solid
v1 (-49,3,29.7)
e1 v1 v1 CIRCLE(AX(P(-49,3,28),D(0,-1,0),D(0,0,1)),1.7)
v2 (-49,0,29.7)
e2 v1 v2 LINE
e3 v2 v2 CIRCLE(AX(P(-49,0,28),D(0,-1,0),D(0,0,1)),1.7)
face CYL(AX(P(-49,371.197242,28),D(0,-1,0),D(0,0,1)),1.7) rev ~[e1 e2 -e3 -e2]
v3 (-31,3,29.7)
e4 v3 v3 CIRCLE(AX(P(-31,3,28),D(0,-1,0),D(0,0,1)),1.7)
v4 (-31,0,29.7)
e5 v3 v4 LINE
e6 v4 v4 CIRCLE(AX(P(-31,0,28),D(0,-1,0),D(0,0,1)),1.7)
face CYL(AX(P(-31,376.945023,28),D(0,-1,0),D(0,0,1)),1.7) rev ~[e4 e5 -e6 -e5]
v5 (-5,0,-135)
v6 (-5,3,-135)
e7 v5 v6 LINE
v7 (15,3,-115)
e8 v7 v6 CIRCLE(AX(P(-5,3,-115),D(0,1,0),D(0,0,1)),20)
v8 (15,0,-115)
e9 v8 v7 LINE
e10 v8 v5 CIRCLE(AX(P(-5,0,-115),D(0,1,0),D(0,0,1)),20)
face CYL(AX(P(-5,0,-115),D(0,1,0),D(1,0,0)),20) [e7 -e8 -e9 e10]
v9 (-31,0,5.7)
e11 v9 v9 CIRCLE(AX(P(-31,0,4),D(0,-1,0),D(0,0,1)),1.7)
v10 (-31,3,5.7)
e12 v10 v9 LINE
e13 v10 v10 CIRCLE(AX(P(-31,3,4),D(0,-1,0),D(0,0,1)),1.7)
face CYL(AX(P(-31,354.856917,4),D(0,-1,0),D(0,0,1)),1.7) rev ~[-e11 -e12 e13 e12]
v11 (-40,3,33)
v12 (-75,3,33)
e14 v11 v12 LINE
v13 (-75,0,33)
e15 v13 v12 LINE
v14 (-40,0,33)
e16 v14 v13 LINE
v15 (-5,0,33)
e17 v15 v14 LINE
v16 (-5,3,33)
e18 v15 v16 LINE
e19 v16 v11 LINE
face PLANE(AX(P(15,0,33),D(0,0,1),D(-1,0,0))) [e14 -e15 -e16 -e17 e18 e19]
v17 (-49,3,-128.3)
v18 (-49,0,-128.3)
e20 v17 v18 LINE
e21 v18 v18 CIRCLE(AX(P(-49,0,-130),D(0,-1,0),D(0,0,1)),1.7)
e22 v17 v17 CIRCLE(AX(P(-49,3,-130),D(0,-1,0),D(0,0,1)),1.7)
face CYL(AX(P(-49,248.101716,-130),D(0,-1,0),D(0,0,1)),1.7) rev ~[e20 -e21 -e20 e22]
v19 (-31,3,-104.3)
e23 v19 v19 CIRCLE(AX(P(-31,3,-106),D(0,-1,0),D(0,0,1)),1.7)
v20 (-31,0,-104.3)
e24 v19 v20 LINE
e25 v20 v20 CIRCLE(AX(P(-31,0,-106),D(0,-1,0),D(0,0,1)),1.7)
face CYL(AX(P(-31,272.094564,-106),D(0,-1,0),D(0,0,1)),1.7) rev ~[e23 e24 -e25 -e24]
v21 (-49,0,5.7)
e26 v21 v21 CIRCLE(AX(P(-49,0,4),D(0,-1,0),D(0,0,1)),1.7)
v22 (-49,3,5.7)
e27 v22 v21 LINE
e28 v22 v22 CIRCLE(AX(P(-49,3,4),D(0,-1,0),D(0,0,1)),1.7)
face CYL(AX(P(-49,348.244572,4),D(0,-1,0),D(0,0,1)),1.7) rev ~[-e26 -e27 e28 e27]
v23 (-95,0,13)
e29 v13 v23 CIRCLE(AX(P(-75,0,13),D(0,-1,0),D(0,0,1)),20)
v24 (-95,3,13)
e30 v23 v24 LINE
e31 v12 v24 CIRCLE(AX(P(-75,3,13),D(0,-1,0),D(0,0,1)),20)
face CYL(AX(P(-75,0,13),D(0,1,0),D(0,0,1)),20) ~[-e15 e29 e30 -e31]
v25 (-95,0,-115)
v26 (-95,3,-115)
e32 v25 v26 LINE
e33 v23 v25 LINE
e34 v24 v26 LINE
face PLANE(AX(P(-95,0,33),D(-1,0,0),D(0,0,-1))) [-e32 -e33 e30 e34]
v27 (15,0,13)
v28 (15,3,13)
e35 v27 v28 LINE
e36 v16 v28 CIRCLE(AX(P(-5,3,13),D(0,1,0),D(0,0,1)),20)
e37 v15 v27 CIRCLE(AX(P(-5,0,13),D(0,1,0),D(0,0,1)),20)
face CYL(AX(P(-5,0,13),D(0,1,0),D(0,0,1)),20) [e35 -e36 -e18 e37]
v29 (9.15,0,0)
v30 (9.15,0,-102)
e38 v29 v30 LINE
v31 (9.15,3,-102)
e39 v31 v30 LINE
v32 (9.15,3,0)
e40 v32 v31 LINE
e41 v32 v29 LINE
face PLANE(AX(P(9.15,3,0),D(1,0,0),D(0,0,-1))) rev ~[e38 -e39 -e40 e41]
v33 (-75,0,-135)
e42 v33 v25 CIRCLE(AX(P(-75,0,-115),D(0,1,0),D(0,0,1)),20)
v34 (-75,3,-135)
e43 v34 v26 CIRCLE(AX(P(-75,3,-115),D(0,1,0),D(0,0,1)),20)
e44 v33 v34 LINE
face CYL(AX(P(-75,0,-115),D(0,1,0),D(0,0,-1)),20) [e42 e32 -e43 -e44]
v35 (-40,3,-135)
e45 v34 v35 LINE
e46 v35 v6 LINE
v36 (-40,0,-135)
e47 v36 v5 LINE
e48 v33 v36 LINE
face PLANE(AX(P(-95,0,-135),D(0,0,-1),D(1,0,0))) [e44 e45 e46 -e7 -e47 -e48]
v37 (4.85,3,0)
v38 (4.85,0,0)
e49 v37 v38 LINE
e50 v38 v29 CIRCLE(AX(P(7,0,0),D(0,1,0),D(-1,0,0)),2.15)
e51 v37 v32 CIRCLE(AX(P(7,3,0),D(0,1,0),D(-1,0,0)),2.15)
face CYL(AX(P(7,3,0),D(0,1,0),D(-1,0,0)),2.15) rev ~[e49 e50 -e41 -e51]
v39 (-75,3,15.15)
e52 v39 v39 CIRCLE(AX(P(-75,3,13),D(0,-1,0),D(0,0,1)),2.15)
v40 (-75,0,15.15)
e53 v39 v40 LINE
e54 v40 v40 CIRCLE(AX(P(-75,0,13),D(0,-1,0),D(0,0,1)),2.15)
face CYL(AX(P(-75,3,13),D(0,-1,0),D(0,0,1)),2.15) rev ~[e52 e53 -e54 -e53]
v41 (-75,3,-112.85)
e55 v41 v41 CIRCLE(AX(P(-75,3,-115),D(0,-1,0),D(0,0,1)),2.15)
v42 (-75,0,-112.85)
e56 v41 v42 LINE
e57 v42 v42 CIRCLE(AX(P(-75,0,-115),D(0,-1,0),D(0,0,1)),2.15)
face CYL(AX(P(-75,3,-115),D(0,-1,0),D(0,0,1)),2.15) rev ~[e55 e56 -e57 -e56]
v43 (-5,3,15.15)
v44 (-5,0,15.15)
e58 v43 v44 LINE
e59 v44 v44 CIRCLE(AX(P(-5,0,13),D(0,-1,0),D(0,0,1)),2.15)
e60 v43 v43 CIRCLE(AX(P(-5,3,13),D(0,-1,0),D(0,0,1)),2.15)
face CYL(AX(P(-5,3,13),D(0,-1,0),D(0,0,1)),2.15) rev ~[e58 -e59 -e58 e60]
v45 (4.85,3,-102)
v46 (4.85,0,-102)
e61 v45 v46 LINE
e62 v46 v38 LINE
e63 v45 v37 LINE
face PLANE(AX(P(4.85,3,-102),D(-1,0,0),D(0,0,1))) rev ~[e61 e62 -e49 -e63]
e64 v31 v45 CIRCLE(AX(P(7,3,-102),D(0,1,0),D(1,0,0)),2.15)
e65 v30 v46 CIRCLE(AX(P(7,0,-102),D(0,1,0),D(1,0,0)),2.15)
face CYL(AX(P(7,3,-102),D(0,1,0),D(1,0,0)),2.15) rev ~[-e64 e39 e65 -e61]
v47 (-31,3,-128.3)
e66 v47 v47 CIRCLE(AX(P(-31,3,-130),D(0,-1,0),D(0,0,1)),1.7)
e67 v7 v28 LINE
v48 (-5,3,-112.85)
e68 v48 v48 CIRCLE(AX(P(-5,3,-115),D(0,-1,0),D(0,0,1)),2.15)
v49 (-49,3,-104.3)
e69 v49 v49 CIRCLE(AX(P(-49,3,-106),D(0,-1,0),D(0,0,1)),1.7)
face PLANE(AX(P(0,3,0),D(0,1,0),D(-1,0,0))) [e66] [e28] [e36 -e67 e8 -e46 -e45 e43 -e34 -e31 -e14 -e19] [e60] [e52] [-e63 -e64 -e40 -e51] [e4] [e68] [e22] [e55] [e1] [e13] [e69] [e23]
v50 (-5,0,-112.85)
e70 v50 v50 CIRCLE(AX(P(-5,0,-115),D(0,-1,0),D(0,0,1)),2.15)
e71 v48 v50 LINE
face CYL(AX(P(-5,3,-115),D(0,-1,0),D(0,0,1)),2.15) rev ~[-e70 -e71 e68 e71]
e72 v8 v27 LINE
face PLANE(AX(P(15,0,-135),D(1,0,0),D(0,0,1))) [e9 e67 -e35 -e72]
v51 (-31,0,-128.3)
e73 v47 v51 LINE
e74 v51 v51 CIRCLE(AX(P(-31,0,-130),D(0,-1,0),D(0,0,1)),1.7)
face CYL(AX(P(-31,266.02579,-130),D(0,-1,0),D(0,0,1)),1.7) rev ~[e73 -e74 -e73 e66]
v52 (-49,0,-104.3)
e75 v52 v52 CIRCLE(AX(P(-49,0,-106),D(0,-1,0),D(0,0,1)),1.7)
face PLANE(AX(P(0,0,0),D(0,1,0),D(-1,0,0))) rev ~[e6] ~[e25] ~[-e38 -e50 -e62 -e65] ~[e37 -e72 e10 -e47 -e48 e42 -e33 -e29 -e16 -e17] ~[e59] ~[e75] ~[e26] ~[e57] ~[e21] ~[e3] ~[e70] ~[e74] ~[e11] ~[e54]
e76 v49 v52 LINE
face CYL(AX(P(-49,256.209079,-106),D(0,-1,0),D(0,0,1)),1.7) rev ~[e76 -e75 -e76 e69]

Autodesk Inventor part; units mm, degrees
sketch "Sketch1" plane through (0, 0, 0) normal (0, 1, 0) x (-1, 0, 0)
  line L0 (-15, 33) -> (95, 33)
  line L1 (95, 33) -> (95, -135)
  line L2 (95, -135) -> (-15, -135)
  line L3 (-15, -135) -> (-15, 33)
  line L4 (95, 33) -> (95, 15)
  line L5 (-15, 33) -> (-15, 13)
  line L6 (95, -135) -> (95, -115)
  line L7 (-15, -135) -> (-15, -115)
  line L8 (40, -135) -> (40, -130)
  line L9 (31, -130) -> (49, -130)
  line L10 (49, -130) -> (49, -106)
  line L11 (49, -106) -> (31, -106)
  line L12 (31, -106) -> (31, -130)
  line L13 (40, 33) -> (40, 28)
  line L14 (31, 28) -> (49, 28)
  line L15 (49, 28) -> (49, 4)
  line L16 (49, 4) -> (31, 4)
  line L17 (31, 4) -> (31, 28)
  point P0 (0, 0)
  point P1 (47.5, 33)
  point P2 (12.5, 33)
  point P3 (67.5, -135)
  point P4 (32.5, -135)
  dimension "d21" = 0
  dimension "d4" = 110
  dimension "d5" = 168
  dimension "d22" = 5
  dimension "d23" = 18
  dimension "d24" = 24
  dimension "d25" = 5
  dimension "d26" = 18
  dimension "d27" = 24
extrude "Extrusion2" add sketch "Sketch1" along normal blind 3 contours L9 L12 L11 L10 | L14 L15 L16 L17 | L0 L1 L2 L3
hole "Hole1" at (-49, 0, 28) at (-49, 0, 4) at (-31, 0, 28) at (-31, 0, 4) at (-49, 0, -130) at (-31, 0, -130) at (-31, 0, -106) at (-49, 0, -106) direction (0, -1, 0) diameter 3.4 end through all both
fillet "Fillet1" radius 20 4 edges at (15, 1.5, 33) (-95, 1.5, 33) (15, 1.5, -135) (-95, 1.5, -135)
ref_plane "Work Plane1" through (-75, 0, -51) normal (0, 0, 1) x (1, 0, 0)
ref_plane "Work Plane2" through (-40, 0, 13) normal (1, 0, 0) x (0, 0, -1)
sketch "Sketch2" plane through (0, 3, 0) normal (0, 1, 0) x (1, 0, 0)
  arc A0 (-95, -13) -> (-75, -33) centre (-75, -13) ccw projected
  line L0 (-95, -33) -> (-95, -13)
  line L1 (-75, -33) -> (-5, -33) projected
  line L2 (-95, -33) -> (-75, -33)
  line L3 (-75, -33) -> (-75, -13)
  line L4 (-75, -13) -> (-95, -13)
  arc A1 (-5, -33) -> (15, -13) centre (-5, -13) ccw projected
  line L5 (15, -33) -> (-5, -33)
  line L6 (15, -33) -> (15, -13)
  line L7 (-5, -33) -> (-5, -13)
  line L8 (-5, -13) -> (15, -13)
  arc A2 (15, 115) -> (-5, 135) centre (-5, 115) ccw projected
  line L9 (15, 135) -> (15, 115)
  line L10 (15, 135) -> (-5, 135)
  line L11 (-5, 135) -> (-5, 115)
  line L12 (-5, 115) -> (15, 115)
  arc A3 (-75, 135) -> (-95, 115) centre (-75, 115) ccw projected
  line L13 (-95, 135) -> (-95, 115)
  line L14 (-95, 135) -> (-75, 135)
  line L15 (-95, 115) -> (-95, -13) projected
  line L16 (-95, 115) -> (-75, 115)
  line L17 (-75, 115) -> (-75, 135)
  point P0 (0, 0)
hole "Hole2" at (-75, 3, 13) at (-75, 3, -115) at (-5, 3, -115) at (-5, 3, 13) direction (0, -1, 0) diameter 4.3 end through all
sketch "Sketch4" plane through (0, 3, 0) normal (0, 1, 0) x (1, 0, 0)
  line L0 (15, -13) -> (15, 115) projected
  line L1 (15, 0) -> (7, 0)
  line L2 (-95, 115) -> (-95, -13) projected
  line L3 (15, 0) -> (15, 102)
  line L4 (15, 102) -> (7, 102)
  line L5 (7, 0) -> (7, 102)
  line L6 (7, 0) -> (7, 102) construction
  line L7 (9.15, 0) -> (9.15, 102)
  line L8 (4.85, 102) -> (4.85, 0)
  arc A0 (4.85, 0) -> (9.15, 0) centre (7, 0) ccw
  arc A1 (9.15, 102) -> (4.85, 102) centre (7, 102) ccw
  point P0 (0, 0)
  point P1 (7, 51)
  dimension "d45" = 8
  dimension "d46" = 102
  dimension "d47" = 8
  dimension "d48" = 4.3
extrude "Extrusion3" cut sketch "Sketch4" against normal through all contours A0 L8 A1 L4 L5 L1 | L1 L5 L4 L7
ref_plane "Work Plane3" through (7, 3, -104.15) normal (1, 0, 0) x (0, 0, -1)
properties part number "BedHousingFrame"
